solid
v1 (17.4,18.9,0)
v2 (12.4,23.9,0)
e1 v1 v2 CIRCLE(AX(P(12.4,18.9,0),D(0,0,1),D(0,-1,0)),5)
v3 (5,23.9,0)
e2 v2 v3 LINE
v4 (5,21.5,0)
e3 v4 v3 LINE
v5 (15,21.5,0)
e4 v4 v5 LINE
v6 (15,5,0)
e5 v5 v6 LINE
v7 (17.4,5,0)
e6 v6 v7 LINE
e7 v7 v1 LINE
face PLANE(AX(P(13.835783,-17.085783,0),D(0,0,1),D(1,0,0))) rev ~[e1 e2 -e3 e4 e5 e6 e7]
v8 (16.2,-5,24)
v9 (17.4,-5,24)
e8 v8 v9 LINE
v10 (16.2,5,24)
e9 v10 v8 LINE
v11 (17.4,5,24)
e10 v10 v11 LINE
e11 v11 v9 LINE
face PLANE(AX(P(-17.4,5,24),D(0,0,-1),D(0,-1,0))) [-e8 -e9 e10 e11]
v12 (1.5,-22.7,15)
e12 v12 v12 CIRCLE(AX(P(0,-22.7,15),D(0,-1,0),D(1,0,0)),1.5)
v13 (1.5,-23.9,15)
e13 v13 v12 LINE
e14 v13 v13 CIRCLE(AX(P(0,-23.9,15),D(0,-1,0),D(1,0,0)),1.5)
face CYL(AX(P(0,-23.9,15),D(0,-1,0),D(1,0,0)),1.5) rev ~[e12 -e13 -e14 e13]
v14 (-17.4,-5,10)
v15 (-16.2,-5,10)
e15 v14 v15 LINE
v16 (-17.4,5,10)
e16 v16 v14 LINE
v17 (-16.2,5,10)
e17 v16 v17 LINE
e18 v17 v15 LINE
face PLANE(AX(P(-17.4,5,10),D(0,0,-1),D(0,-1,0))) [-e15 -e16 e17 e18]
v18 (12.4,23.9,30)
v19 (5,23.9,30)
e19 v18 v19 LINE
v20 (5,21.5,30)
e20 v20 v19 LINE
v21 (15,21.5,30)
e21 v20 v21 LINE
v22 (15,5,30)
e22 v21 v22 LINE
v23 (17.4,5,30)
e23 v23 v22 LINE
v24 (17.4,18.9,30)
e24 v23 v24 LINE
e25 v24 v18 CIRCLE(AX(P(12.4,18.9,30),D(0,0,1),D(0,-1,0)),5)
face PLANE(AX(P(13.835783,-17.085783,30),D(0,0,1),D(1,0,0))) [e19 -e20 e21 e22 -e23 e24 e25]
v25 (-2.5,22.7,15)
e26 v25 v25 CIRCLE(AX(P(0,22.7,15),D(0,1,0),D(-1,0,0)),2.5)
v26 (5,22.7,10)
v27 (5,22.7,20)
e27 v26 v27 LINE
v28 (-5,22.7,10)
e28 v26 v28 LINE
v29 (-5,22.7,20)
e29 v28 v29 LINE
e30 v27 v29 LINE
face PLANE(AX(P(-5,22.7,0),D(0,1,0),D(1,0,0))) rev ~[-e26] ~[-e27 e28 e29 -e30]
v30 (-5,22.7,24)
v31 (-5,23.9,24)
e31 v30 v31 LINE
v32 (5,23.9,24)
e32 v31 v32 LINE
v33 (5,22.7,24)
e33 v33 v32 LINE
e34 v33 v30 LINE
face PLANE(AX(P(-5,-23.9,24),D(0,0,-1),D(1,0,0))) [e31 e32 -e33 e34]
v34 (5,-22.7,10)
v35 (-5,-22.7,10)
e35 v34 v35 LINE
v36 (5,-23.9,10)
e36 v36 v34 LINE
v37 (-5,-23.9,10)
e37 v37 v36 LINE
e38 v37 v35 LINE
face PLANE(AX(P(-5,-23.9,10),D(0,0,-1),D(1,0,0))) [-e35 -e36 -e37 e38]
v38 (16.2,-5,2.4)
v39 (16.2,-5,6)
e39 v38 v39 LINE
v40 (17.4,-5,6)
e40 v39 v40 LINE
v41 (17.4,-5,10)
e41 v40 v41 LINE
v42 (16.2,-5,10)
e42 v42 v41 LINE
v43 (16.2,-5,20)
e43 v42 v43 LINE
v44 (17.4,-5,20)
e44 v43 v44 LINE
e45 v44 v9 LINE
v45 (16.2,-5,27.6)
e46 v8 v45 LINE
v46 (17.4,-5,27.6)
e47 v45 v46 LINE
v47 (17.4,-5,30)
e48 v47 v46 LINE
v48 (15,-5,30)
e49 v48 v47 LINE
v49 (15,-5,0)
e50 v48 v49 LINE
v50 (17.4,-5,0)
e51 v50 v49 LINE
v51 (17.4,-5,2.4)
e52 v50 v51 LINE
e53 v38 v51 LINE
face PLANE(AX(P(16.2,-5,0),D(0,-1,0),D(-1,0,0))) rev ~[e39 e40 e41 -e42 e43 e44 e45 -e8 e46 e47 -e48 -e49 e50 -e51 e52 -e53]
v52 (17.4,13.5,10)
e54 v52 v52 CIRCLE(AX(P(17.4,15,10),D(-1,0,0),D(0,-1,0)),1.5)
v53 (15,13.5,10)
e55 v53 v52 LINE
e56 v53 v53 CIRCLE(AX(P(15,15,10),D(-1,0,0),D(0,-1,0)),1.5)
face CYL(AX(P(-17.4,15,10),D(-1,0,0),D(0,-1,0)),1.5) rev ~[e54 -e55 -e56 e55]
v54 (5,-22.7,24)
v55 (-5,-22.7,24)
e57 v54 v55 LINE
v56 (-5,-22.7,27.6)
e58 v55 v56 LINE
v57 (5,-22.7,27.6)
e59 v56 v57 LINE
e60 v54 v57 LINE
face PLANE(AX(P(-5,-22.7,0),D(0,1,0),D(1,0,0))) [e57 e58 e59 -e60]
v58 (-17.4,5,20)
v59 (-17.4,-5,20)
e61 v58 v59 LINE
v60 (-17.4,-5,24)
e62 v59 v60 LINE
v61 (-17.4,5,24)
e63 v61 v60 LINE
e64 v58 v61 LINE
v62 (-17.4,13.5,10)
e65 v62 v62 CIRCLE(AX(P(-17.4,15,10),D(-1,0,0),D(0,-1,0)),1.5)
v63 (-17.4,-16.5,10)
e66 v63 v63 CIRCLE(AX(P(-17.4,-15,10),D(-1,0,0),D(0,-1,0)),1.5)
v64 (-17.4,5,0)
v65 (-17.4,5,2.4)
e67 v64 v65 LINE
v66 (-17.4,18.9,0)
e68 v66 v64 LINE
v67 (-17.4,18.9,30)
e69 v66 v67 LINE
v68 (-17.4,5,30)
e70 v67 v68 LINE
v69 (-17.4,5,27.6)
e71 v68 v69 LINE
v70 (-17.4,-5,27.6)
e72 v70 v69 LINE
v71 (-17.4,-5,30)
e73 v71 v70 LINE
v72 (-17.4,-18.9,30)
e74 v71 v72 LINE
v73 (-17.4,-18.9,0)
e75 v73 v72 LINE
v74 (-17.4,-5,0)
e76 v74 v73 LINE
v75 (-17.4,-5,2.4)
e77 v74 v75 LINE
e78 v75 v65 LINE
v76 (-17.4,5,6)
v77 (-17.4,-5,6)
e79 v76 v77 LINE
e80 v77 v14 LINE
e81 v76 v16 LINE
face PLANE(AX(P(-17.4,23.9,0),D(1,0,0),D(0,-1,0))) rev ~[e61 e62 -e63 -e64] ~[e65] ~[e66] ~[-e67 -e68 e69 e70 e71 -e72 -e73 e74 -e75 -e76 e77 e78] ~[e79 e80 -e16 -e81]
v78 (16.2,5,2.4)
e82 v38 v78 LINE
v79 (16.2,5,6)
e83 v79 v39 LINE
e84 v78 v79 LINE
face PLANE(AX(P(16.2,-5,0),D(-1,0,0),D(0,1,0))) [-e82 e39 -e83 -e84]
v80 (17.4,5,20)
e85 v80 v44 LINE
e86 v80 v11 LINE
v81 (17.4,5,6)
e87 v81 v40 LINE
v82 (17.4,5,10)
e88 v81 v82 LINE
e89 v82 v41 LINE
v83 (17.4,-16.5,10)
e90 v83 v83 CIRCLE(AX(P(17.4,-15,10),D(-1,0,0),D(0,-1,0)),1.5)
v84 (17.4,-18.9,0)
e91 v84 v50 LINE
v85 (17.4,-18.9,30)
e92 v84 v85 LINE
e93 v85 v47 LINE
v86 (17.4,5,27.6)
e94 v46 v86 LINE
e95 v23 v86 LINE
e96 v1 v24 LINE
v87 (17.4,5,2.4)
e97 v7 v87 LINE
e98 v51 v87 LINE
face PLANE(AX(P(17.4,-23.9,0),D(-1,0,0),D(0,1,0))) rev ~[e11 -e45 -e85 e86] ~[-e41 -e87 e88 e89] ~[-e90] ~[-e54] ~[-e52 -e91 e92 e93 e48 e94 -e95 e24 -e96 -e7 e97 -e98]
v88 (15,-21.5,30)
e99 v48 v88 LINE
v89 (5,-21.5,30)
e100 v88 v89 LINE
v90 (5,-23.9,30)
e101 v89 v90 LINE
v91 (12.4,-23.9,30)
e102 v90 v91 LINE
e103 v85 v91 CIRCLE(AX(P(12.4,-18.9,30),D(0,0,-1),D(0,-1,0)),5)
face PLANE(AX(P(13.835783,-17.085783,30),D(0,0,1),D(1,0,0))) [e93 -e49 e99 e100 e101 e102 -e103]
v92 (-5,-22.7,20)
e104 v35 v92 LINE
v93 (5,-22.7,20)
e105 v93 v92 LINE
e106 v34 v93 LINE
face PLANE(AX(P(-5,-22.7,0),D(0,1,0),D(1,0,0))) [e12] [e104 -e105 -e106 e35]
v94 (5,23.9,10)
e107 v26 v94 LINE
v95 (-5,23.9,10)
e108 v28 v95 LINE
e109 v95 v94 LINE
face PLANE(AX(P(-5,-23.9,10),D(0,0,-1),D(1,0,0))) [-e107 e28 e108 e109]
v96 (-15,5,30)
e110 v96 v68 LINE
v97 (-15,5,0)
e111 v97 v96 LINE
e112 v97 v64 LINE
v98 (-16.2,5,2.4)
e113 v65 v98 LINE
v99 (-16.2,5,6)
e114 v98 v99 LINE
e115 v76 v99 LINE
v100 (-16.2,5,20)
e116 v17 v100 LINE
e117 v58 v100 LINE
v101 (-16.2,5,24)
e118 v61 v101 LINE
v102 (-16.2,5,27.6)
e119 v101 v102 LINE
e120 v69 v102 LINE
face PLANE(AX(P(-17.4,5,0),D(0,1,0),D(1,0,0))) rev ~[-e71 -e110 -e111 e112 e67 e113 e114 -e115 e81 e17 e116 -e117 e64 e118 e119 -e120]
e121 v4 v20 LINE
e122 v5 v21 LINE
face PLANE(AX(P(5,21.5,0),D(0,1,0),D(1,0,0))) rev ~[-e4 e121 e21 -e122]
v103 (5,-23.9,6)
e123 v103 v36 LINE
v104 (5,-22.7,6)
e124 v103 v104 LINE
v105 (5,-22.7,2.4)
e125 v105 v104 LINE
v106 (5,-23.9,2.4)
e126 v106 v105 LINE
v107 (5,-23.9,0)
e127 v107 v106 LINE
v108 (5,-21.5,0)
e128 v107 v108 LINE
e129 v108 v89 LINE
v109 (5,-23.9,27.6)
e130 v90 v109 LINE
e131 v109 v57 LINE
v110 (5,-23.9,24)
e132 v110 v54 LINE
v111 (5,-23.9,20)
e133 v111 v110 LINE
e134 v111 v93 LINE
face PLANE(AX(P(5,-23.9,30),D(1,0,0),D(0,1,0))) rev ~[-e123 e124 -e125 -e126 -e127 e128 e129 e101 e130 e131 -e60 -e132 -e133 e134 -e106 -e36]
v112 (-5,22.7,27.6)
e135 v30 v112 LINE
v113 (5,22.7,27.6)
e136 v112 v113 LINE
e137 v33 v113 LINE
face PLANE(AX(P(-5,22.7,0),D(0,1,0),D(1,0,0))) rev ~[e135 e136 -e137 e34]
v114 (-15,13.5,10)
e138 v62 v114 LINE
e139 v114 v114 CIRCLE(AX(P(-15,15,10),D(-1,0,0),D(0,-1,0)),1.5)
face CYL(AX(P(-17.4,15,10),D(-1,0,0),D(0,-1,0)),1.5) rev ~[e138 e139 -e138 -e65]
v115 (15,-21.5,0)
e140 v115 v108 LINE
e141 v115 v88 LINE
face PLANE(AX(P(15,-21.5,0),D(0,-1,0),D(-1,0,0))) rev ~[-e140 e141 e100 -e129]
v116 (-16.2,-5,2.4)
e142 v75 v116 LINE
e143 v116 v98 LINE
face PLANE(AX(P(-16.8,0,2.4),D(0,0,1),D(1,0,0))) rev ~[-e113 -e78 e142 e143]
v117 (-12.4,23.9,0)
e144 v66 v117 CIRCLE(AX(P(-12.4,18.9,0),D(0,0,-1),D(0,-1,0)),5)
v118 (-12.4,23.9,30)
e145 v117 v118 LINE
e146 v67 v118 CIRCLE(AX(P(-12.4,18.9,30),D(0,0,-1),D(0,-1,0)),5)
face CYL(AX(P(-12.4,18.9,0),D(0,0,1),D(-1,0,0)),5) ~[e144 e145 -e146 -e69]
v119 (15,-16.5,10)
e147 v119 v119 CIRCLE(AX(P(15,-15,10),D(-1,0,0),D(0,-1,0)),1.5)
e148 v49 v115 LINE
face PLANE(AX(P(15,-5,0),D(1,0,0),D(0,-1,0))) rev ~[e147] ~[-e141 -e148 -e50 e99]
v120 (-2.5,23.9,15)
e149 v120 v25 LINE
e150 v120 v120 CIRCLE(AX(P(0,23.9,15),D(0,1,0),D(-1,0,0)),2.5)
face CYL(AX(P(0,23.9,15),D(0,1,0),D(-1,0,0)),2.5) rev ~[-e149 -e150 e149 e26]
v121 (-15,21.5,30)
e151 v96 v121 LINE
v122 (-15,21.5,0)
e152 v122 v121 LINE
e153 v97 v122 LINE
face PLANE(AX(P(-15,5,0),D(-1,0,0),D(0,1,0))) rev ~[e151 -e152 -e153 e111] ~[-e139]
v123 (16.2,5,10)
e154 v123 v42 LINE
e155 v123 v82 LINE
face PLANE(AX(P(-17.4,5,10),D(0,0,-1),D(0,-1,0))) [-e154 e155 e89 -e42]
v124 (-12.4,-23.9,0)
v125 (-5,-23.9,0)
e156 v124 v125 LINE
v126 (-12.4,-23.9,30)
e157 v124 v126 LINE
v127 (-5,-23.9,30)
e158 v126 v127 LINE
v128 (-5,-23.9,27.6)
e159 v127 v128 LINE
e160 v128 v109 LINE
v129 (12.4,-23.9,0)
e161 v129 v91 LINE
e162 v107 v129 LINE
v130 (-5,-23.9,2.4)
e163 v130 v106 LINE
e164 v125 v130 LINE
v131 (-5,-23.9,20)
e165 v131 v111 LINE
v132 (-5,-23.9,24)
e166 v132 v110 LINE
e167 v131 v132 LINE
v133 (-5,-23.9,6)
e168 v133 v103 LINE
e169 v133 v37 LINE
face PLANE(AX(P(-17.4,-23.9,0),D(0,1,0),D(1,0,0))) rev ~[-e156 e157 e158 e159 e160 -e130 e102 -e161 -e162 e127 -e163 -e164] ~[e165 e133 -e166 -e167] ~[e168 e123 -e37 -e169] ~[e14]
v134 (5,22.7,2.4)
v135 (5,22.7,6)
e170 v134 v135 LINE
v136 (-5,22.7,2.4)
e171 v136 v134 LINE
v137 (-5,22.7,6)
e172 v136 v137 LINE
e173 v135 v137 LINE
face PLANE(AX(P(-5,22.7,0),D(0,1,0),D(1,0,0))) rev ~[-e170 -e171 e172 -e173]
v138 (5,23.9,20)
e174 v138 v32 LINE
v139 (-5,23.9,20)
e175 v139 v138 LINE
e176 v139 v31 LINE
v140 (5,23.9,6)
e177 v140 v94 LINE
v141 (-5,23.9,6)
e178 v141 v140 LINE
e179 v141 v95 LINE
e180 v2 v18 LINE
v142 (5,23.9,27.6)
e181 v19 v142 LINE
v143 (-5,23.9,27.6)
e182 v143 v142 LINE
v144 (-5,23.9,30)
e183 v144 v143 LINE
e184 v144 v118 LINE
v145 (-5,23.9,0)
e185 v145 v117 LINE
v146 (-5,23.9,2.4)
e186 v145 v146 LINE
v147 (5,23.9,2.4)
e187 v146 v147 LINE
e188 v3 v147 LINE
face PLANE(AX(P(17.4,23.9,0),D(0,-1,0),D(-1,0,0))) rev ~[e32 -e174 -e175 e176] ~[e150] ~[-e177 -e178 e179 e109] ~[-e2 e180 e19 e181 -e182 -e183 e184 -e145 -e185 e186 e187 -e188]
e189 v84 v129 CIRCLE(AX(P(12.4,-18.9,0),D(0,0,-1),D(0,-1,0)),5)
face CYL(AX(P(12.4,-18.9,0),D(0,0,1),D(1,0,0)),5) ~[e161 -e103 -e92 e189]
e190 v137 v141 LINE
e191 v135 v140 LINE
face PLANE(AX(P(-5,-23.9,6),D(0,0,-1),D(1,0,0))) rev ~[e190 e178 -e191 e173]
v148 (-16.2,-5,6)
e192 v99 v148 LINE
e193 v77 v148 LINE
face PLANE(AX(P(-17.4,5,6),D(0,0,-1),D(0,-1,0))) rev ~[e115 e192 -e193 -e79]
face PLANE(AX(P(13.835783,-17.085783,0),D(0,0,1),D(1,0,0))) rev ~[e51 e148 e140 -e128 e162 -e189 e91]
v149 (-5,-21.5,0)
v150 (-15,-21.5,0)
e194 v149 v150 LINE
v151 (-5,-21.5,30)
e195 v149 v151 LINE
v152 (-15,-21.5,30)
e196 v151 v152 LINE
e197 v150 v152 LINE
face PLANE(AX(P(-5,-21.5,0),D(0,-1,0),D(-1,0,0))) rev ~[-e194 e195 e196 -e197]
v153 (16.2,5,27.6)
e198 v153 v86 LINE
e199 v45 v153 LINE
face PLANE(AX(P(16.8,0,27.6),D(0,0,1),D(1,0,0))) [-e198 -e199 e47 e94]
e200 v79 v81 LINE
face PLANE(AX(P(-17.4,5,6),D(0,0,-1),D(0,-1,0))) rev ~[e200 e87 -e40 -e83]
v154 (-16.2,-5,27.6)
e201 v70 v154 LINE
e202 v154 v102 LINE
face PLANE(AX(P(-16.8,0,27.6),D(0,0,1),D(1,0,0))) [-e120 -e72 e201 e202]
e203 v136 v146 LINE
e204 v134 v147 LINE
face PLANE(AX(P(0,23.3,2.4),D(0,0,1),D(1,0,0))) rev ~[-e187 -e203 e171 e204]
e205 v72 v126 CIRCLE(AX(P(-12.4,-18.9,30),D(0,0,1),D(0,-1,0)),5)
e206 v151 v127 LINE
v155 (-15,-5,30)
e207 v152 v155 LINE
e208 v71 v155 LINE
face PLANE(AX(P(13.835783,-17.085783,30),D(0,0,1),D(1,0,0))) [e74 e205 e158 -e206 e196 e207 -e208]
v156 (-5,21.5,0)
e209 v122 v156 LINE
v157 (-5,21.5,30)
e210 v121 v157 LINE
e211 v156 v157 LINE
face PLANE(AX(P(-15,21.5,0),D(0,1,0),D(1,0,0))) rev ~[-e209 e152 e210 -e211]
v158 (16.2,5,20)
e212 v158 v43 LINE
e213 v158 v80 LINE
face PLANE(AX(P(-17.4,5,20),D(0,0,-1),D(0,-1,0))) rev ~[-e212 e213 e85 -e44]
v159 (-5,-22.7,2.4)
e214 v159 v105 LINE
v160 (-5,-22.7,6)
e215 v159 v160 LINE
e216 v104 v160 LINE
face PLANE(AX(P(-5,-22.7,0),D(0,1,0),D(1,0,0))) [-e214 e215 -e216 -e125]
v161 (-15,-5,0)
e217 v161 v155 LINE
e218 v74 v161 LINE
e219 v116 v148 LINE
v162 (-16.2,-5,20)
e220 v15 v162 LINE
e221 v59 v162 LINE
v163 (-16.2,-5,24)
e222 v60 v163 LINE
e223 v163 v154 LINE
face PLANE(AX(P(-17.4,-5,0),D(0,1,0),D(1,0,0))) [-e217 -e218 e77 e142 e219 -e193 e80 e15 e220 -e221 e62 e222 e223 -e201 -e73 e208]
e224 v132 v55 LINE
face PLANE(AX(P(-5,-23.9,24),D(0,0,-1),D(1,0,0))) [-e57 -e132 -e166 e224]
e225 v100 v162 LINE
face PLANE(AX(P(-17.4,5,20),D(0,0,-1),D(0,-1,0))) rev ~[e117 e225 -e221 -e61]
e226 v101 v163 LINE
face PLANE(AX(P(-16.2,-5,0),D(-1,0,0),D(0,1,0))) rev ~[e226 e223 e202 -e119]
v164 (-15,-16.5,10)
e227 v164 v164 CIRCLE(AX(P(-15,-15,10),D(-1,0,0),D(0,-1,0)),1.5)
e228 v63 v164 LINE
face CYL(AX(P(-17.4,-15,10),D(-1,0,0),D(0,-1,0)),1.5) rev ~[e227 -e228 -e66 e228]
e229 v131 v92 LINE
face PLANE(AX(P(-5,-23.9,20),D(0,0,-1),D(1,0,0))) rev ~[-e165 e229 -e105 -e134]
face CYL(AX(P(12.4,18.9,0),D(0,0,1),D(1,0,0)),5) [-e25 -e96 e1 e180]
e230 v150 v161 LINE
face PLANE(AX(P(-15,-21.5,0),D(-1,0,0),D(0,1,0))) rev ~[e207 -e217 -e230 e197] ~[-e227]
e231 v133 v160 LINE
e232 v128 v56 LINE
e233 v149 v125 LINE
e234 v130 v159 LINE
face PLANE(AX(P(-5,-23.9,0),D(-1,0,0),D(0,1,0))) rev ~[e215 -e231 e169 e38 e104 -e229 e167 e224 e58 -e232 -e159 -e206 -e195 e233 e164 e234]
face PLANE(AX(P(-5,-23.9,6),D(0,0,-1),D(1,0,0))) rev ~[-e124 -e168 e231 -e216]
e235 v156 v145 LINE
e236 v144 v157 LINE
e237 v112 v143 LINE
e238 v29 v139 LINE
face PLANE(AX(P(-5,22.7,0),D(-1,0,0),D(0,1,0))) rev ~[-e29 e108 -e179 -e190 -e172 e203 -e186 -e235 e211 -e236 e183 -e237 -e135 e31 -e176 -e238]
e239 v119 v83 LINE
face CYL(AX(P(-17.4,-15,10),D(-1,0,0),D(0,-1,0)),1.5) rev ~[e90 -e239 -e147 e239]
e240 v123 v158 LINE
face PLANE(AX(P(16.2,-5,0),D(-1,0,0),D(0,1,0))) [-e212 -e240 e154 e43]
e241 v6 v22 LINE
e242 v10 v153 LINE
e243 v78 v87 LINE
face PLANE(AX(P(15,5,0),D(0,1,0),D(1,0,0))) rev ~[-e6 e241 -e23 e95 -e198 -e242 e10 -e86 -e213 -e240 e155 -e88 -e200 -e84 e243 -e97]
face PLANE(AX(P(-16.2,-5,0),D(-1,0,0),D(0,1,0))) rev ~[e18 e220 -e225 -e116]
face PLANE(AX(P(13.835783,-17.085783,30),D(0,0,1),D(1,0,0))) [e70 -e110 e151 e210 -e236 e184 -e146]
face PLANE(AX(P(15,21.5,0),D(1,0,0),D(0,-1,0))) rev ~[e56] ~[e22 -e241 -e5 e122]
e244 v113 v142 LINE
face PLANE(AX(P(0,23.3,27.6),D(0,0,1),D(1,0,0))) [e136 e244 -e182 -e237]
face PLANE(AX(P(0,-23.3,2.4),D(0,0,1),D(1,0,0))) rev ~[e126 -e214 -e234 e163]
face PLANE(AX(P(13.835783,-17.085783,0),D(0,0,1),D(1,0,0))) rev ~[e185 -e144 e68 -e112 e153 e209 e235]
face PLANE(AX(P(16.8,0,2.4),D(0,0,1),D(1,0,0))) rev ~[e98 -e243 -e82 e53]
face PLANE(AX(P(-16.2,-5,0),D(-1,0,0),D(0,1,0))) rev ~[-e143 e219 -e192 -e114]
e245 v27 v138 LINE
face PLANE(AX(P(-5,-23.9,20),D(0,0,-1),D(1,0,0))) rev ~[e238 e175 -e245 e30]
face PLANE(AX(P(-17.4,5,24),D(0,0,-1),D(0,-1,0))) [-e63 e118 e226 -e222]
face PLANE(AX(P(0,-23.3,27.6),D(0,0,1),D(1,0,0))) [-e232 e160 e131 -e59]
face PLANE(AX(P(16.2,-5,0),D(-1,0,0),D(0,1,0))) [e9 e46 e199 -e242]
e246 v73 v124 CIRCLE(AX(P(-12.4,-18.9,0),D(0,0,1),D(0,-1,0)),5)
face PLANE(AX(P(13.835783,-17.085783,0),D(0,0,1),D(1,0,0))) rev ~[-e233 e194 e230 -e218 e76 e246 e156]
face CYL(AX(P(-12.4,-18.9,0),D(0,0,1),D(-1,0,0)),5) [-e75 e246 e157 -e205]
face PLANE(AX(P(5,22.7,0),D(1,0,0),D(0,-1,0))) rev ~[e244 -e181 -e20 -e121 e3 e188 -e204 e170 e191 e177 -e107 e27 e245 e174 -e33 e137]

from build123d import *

# Parameters (mm, degrees)
F0_W      = 1.2
F0_H      = 10
F0_W_2    = 10
F0_H_2    = 1.2
F1_DEPTH  = 30
F2_W      = 10
F2_H      = 4
F3_DEPTH  = 47.801
F4_W      = 10
F4_H      = 4
F5_DEPTH  = 34.801
F6_W      = 10
F6_H      = 1.2
F6_W_2    = 1.2
F6_H_2    = 10
F7_DEPTH  = 2.4
F8_DEPTH  = 2.4
F9_R      = 5
F2_R      = 1.5
F10_DEPTH = 1.2
F11_R     = 2.5
F12_DEPTH = 1.2
F4_R      = 1.5
F13_DEPTH = 34.801


with BuildPart() as f1:
    # F0 (on Top) → F1 (new body)
    with BuildSketch(Plane.XY):
        Polygon((15, -5), (15, -21.5), (5, -21.5), (5, -22.7), (5, -23.9), (17.4, -23.9), (17.4, -5), (16.2, -5), align=None)
        with Locations((16.8, 0)):
            Rectangle(F0_W, F0_H)
        Polygon((15, 5), (16.2, 5), (17.4, 5), (17.4, 23.9), (5, 23.9), (5, 22.7), (5, 21.5), (15, 21.5), align=None)
        with Locations((0, 23.3)):
            Rectangle(F0_W_2, F0_H_2)
        Polygon((-17.4, 23.9), (-17.4, 5), (-16.2, 5), (-15, 5), (-15, 21.5), (-5, 21.5), (-5, 22.7), (-5, 23.9), align=None)
        Polygon((-5, -23.9), (-5, -22.7), (-5, -21.5), (-15, -21.5), (-15, -5), (-16.2, -5), (-17.4, -5), (-17.4, -23.9), align=None)
        with Locations((0, -23.3)):
            Rectangle(F0_W_2, F0_H_2)
        with Locations((-16.8, 0)):
            Rectangle(F0_W, F0_H)
    extrude(amount=F1_DEPTH)

    # F2 (on face) → F3 (cut, through all)
    with BuildSketch(Plane.XZ.offset(23.9)):
        with Locations((0, 22)):
            Rectangle(F2_W, F2_H)
        with Locations((0, 8)):
            Rectangle(F2_W, F2_H)
    extrude(amount=-F3_DEPTH, mode=Mode.SUBTRACT)

    # F4 (on face) → F5 (cut, through all)
    with BuildSketch(Plane(origin=(-17.4, 0, 0), x_dir=(0, -1, 0), z_dir=(-1, 0, 0))):
        with Locations((0, 22)):
            Rectangle(F4_W, F4_H)
        with Locations((0, 8)):
            Rectangle(F4_W, F4_H)
    extrude(amount=-F5_DEPTH, mode=Mode.SUBTRACT)

    # F6 (on face) → F7 (cut)
    with BuildSketch(Plane.XY.offset(30)):
        with Locations((0, 23.3)):
            Rectangle(F6_W, F6_H)
        with Locations((16.8, 0)):
            Rectangle(F6_W_2, F6_H_2)
        with Locations((-16.8, 0)):
            Rectangle(F6_W_2, F6_H_2)
        with Locations((0, -23.3)):
            Rectangle(F6_W, F6_H)
    extrude(amount=-F7_DEPTH, mode=Mode.SUBTRACT)

    # F0 (on Top) → F8 (cut)
    with BuildSketch(Plane.XY):
        with Locations((16.8, 0)):
            Rectangle(F0_W, F0_H)
        with Locations((0, 23.3)):
            Rectangle(F0_W_2, F0_H_2)
        with Locations((0, -23.3)):
            Rectangle(F0_W_2, F0_H_2)
        with Locations((-16.8, 0)):
            Rectangle(F0_W, F0_H)
    extrude(amount=F8_DEPTH, mode=Mode.SUBTRACT)

    # F9
    f9_edges = [f1.edges().sort_by_distance(p)[0] for p in [
        (-17.4, -23.9, 15),
        (-17.4, 23.9, 15),
        (17.4, -23.9, 15),
        (17.4, 23.9, 15),
    ]]
    fillet(f9_edges, radius=F9_R)

    # F2 (on face) → F10 (cut, through all)
    with BuildSketch(Plane.XZ.offset(23.9)):
        with Locations((0, 15)):
            Circle(F2_R)
    extrude(amount=-F10_DEPTH, mode=Mode.SUBTRACT)

    # F11 (on face) → F12 (cut, through all)
    with BuildSketch(Plane(origin=(0, 23.9, 0), x_dir=(-1, 0, 0), z_dir=(0, 1, 0))):
        with Locations((0, 15)):
            Circle(F11_R)
    extrude(amount=-F12_DEPTH, mode=Mode.SUBTRACT)

    # F4 (on face) → F13 (cut, through all)
    with BuildSketch(Plane(origin=(-17.4, 0, 0), x_dir=(0, -1, 0), z_dir=(-1, 0, 0))):
        with Locations((-15, 10)):
            Circle(F4_R)
        with Locations((15, 10)):
            Circle(F4_R)
    extrude(amount=-F13_DEPTH, mode=Mode.SUBTRACT)


solid = f1.part
